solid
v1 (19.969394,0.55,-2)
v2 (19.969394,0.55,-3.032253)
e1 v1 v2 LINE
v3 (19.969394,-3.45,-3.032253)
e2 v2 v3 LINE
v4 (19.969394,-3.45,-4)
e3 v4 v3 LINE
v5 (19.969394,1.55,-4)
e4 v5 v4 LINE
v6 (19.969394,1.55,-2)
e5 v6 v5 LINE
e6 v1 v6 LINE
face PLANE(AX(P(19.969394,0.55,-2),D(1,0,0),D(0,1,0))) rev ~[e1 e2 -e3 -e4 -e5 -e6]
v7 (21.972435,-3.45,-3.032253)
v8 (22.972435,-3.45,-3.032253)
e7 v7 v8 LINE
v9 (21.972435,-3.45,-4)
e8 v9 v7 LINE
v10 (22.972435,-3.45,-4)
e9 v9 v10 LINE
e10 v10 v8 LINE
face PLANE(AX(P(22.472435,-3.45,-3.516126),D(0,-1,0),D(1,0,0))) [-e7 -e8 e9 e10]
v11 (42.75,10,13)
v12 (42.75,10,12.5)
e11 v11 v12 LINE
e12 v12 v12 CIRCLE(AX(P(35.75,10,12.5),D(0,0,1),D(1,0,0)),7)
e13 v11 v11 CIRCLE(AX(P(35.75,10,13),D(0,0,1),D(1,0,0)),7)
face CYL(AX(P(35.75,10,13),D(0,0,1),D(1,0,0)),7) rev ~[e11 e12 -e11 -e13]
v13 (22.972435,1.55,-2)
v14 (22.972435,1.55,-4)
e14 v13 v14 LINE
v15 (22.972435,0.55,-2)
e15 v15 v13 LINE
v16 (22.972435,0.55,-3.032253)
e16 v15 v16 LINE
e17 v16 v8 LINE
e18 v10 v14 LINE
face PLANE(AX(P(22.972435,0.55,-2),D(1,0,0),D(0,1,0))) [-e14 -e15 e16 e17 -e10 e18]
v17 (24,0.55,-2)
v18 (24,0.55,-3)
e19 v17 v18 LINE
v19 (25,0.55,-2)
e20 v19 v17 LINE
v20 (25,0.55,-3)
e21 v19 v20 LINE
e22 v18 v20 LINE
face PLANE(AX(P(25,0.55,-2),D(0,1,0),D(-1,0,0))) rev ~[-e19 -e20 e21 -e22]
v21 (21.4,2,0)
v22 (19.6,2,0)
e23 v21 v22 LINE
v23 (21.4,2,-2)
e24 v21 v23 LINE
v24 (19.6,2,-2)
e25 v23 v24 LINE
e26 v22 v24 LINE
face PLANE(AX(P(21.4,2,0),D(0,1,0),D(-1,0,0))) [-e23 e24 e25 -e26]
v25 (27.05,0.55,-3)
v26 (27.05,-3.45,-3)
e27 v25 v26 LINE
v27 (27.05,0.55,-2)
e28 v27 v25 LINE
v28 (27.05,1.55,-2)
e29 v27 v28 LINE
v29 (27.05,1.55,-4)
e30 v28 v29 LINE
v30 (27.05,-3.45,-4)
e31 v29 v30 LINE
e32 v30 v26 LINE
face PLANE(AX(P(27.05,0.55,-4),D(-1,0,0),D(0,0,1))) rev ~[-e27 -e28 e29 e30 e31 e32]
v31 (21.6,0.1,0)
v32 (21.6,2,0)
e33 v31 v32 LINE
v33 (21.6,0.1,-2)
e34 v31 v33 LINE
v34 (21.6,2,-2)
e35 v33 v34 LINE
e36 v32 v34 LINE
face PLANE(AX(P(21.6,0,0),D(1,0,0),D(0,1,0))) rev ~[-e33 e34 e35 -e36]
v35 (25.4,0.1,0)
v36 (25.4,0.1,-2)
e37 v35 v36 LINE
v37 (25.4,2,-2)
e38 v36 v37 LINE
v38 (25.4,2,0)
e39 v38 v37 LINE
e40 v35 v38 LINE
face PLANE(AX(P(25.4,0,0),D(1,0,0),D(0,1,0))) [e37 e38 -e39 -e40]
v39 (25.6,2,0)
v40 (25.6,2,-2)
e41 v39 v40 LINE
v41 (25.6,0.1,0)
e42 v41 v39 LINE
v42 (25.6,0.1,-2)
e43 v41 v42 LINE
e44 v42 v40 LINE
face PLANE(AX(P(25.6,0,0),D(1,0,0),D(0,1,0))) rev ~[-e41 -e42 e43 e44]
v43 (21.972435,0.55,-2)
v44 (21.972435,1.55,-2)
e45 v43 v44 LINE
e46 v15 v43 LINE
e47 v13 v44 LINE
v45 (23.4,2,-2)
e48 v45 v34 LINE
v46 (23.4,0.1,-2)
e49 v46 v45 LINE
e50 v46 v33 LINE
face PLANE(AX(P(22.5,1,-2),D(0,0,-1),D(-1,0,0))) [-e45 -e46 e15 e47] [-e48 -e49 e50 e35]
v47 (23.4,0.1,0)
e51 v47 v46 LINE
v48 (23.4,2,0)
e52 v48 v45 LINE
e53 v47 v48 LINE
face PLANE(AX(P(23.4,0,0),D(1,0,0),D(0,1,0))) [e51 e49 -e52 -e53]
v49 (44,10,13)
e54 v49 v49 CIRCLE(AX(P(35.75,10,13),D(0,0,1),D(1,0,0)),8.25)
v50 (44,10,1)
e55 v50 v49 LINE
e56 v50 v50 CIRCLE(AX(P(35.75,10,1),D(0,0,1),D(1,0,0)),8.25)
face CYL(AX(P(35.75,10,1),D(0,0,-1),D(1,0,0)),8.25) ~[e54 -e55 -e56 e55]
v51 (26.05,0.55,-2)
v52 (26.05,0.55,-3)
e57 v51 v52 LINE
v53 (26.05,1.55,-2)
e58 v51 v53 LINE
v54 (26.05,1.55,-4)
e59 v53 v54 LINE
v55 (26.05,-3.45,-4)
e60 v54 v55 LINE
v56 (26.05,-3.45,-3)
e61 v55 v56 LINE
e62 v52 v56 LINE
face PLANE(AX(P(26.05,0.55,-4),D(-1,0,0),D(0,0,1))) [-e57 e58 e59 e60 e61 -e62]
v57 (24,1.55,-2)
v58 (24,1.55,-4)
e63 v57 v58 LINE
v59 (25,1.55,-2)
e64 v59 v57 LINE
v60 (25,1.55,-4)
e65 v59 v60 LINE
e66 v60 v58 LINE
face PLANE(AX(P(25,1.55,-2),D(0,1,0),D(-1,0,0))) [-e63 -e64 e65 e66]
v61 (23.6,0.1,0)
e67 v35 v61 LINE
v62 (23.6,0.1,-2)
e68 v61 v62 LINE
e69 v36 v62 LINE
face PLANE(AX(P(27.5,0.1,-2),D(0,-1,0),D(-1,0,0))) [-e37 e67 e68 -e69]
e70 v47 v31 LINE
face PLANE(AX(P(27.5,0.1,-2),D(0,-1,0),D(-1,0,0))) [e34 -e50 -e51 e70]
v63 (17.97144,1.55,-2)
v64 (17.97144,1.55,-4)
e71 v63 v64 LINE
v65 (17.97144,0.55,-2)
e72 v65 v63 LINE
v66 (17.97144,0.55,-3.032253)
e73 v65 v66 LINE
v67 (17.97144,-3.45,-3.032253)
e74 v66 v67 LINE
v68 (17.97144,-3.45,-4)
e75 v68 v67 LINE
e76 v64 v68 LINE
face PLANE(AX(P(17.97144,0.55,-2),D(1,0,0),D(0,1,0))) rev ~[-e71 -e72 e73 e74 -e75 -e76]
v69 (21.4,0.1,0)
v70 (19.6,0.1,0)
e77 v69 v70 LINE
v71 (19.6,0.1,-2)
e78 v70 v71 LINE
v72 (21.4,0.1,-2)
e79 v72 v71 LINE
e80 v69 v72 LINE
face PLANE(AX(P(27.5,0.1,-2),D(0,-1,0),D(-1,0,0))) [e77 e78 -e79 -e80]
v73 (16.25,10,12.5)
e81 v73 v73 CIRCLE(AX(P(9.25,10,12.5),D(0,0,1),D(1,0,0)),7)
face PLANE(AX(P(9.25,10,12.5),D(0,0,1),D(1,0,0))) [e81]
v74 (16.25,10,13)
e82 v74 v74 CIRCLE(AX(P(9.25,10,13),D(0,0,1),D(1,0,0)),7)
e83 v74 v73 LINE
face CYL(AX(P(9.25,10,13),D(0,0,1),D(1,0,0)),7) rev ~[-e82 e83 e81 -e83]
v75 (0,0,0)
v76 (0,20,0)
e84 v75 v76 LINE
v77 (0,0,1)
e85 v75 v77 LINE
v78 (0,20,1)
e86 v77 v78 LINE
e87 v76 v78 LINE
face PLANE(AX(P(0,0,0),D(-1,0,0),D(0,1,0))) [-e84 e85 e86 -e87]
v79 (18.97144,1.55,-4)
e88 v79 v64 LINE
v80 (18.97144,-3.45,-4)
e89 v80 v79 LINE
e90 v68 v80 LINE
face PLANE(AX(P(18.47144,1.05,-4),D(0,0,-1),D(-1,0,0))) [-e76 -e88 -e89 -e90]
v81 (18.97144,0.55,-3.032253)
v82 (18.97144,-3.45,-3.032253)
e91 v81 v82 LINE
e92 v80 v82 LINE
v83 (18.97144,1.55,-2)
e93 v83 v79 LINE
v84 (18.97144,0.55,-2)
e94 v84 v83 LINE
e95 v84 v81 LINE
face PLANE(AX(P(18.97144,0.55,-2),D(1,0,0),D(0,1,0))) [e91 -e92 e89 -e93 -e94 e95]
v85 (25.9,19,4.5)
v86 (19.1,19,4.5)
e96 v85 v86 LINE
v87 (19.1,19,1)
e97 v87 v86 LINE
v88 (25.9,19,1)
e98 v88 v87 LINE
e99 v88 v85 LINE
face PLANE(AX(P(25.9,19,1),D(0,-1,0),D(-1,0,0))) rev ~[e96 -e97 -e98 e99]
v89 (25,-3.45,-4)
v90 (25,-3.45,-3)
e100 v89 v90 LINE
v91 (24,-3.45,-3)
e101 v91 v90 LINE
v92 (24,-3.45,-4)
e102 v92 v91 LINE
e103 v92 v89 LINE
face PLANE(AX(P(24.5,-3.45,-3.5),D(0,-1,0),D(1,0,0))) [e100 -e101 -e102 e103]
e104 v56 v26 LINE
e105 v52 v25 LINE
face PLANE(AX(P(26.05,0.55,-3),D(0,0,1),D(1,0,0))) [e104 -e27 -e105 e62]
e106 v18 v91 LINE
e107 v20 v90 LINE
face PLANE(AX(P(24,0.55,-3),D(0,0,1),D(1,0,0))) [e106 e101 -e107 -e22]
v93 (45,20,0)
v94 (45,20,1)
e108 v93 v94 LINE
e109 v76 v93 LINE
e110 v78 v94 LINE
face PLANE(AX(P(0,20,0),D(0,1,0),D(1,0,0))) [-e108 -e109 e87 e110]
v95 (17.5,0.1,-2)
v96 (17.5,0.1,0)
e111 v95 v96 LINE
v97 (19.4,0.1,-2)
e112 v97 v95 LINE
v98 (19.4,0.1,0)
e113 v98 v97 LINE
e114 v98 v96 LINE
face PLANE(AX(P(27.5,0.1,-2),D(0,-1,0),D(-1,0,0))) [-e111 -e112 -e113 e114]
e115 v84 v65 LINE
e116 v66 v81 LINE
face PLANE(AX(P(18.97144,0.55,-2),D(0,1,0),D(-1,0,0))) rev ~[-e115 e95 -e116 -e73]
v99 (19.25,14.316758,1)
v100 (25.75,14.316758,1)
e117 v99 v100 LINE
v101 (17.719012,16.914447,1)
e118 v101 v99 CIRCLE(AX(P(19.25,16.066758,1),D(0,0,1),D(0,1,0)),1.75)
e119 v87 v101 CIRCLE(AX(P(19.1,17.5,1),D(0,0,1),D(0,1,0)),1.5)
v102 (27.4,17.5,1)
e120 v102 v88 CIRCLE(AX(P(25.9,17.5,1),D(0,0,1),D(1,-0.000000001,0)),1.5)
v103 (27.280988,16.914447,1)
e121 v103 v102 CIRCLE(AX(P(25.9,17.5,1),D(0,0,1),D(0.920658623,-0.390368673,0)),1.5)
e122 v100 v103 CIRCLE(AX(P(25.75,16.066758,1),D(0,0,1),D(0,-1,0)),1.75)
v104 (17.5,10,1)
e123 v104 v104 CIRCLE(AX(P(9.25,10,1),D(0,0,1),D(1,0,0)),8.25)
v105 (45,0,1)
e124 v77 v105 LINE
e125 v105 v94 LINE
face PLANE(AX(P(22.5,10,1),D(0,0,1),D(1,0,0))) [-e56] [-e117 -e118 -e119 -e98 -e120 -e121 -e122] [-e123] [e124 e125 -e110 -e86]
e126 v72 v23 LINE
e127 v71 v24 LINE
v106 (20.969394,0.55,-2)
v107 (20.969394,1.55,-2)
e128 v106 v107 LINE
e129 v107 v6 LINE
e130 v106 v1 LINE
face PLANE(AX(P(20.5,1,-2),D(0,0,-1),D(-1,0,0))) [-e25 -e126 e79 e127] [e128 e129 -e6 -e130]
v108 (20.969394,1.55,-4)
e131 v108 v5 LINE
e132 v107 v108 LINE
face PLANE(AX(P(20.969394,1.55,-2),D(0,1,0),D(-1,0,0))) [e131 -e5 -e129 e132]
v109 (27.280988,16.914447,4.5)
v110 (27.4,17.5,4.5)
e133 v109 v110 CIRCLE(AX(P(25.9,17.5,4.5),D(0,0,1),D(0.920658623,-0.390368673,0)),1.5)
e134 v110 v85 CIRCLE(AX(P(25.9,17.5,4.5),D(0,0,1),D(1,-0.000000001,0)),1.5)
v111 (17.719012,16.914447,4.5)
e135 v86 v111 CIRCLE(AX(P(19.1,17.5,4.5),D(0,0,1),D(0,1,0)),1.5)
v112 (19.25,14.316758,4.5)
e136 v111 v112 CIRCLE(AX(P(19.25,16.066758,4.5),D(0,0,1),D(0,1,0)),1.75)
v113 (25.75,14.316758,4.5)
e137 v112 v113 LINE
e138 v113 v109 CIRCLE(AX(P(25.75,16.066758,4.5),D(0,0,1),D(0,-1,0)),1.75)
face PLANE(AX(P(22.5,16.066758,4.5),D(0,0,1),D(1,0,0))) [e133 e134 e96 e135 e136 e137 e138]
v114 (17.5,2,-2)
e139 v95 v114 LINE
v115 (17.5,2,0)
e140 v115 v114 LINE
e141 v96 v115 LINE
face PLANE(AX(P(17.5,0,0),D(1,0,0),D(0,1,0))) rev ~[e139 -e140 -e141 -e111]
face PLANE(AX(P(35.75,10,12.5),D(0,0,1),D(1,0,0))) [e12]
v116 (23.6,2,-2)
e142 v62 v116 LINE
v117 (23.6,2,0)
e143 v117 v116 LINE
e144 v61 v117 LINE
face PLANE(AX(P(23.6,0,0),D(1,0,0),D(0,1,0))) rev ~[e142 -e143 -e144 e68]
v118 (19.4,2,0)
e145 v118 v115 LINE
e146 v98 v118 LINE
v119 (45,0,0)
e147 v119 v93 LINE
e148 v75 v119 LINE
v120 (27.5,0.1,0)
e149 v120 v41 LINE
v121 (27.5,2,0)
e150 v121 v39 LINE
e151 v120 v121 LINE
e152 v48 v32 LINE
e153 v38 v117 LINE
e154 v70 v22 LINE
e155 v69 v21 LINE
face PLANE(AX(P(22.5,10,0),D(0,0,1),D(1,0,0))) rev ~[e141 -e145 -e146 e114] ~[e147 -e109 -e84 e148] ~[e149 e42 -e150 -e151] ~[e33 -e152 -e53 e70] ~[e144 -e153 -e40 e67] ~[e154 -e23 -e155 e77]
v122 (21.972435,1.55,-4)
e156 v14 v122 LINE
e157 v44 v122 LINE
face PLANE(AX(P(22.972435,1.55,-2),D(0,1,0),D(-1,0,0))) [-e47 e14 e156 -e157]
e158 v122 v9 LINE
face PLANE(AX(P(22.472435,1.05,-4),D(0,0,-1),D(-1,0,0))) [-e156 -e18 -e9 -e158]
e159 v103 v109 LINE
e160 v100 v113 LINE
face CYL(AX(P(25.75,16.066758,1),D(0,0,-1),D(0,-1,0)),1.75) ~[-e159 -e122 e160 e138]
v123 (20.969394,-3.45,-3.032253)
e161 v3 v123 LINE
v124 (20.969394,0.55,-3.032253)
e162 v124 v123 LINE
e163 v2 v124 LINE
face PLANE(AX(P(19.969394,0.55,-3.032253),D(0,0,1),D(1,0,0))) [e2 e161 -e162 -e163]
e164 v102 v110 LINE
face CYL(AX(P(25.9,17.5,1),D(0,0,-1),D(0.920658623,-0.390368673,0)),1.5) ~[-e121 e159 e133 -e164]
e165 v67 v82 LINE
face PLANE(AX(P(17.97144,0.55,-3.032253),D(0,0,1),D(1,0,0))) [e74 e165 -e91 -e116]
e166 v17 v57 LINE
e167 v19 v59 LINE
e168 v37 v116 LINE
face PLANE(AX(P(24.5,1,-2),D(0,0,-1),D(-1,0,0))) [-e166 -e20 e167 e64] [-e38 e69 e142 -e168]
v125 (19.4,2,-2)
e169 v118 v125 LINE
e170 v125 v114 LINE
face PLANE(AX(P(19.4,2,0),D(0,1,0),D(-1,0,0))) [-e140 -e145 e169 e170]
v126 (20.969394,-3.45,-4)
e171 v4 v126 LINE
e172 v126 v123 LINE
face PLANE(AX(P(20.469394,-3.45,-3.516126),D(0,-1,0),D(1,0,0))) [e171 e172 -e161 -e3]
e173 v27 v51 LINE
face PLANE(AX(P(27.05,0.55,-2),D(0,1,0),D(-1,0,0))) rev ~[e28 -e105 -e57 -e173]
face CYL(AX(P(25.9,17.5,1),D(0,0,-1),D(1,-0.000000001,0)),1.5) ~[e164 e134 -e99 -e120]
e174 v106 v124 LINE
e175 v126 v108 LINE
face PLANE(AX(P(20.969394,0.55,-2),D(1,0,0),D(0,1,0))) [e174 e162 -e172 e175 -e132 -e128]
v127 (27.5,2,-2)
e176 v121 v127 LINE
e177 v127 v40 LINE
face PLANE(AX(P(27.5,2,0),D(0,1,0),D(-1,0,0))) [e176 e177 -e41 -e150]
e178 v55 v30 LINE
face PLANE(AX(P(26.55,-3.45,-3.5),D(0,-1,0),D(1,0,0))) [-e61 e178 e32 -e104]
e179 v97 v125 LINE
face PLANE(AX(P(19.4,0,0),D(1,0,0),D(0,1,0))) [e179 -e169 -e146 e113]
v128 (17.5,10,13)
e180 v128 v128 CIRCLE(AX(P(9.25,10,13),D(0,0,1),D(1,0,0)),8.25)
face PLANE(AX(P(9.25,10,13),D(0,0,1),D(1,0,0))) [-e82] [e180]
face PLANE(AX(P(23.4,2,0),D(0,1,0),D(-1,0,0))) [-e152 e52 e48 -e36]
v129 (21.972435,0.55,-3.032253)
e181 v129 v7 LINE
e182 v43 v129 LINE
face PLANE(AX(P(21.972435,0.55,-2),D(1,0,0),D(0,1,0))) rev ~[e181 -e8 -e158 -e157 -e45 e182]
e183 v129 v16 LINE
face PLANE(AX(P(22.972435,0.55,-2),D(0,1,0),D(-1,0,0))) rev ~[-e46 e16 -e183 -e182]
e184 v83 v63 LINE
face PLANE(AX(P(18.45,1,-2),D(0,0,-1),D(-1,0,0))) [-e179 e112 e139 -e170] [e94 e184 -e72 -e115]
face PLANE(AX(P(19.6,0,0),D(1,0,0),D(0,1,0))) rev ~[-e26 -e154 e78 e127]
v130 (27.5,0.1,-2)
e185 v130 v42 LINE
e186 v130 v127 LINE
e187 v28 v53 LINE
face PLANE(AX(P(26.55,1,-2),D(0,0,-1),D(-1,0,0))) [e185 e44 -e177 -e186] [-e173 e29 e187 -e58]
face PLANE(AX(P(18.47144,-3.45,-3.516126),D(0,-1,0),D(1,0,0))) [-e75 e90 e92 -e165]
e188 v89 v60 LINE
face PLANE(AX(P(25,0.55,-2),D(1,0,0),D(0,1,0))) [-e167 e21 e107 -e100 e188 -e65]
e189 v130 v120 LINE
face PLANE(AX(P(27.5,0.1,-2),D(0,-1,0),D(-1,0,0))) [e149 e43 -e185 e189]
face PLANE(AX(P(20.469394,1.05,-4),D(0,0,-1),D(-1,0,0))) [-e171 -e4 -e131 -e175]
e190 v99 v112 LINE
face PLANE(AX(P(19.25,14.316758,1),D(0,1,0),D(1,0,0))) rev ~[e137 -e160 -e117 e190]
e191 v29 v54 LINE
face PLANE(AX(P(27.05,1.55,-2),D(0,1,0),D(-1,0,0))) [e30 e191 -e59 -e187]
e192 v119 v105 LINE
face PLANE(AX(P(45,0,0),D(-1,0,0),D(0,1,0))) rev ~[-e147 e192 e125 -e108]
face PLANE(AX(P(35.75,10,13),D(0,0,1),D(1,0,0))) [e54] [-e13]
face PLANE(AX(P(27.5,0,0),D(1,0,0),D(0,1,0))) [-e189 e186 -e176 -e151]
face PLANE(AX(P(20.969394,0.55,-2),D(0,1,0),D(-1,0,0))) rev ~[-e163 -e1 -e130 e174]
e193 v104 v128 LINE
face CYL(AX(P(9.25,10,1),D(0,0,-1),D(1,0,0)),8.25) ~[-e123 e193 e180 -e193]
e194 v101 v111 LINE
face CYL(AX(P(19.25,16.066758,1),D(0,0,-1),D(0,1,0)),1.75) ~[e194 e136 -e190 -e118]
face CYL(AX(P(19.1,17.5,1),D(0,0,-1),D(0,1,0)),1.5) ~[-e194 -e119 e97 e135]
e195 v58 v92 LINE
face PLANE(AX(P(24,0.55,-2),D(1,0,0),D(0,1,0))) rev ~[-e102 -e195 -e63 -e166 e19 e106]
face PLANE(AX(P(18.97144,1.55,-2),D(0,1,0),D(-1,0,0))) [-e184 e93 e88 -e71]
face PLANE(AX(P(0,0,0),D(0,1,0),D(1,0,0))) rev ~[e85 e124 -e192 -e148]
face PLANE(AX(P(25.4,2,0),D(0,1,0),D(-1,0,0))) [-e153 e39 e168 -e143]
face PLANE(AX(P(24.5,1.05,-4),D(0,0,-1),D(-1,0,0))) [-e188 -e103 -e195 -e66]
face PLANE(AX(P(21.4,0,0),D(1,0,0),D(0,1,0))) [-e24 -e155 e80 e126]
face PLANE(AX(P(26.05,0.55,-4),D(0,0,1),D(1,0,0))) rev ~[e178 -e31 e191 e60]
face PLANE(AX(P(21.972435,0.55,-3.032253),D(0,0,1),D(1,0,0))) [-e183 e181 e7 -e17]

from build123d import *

# Parameters (mm, degrees)
ESBO_O1_W                = 45
ESBO_O1_H                = 20
RESSALTO_EXTRUS_O1_DEPTH = 1
ESBO_O2_R                = 8.25
RESSALTO_EXTRUS_O2_DEPTH = 12
ESBO_O3_R                = 7
CORTE_EXTRUS_O1_DEPTH    = 0.5
RESSALTO_EXTRUS_O5_DEPTH = 3.5
ESBO_O7_W                = 1.9
ESBO_O7_H                = 2
ESBO_O7_W_2              = 1.8
RESSALTO_EXTRUS_O6_DEPTH = 2
ESBO_O9_W                = 10
ESBO_O9_H                = 0.1
CORTE_EXTRUS_O2_DEPTH    = 2
ESBO_O10_W               = 1
ESBO_O10_H               = 1
RESSALTO_EXTRUS_O7_DEPTH = 2
ESBO_O11_W               = 1
ESBO_O11_H               = 1
ESBO_O11_H_2             = 0.967747288
RESSALTO_EXTRUS_O8_DEPTH = 4
RESSALTO_EXTRUS_O3_DEPTH = 3.5


with BuildPart() as part:
    # Esboço1 → Ressalto-extrusão1 (new body)
    with BuildSketch(Plane.XY):
        with Locations((22.5, 10)):
            Rectangle(ESBO_O1_W, ESBO_O1_H)
    extrude(amount=RESSALTO_EXTRUS_O1_DEPTH)

    # Esboço2 → Ressalto-extrusão2 (add)
    with BuildSketch(Plane.XY.offset(1)):
        with Locations((9.25, 10)):
            Circle(ESBO_O2_R)
        with Locations((35.75, 10)):
            Circle(ESBO_O2_R)
    extrude(amount=RESSALTO_EXTRUS_O2_DEPTH)

    # Esboço3 → Corte-extrusão1 (cut)
    with BuildSketch(Plane.XY.offset(13)):
        with Locations((9.25, 10)):
            Circle(ESBO_O3_R)
        with Locations((35.75, 10)):
            Circle(ESBO_O3_R)
    extrude(amount=-CORTE_EXTRUS_O1_DEPTH, mode=Mode.SUBTRACT)

    # Esboço6 → Ressalto-extrusão5 (add)
    with BuildSketch(Plane.XY.offset(1)):
        with BuildLine():
            Line((25.75, 17.816758405), (19.25, 17.816758405))
            ThreePointArc((19.25, 17.816758405), (17.5, 16.066758405), (19.25, 14.316758405))
            Line((19.25, 14.316758405), (25.75, 14.316758405))
            ThreePointArc((25.75, 14.316758405), (27.5, 16.066758405), (25.75, 17.816758405))
        make_face()
    extrude(amount=RESSALTO_EXTRUS_O5_DEPTH)

    # Esboço7 → Ressalto-extrusão6 (add)
    with BuildSketch(Plane(origin=(0, 0, 0), x_dir=(-1, 0, 0), z_dir=(0, 0, -1))):
        with Locations((-26.55, 1)):
            Rectangle(ESBO_O7_W, ESBO_O7_H)
        with Locations((-24.5, 1)):
            Rectangle(ESBO_O7_W_2, ESBO_O7_H)
        with Locations((-22.5, 1)):
            Rectangle(ESBO_O7_W_2, ESBO_O7_H)
        with Locations((-20.5, 1)):
            Rectangle(ESBO_O7_W_2, ESBO_O7_H)
        with Locations((-18.45, 1)):
            Rectangle(ESBO_O7_W, ESBO_O7_H)
    extrude(amount=RESSALTO_EXTRUS_O6_DEPTH)

    # Esboço9 → Corte-extrusão2 (cut)
    with BuildSketch(Plane(origin=(0, 0, -2), x_dir=(-1, 0, 0), z_dir=(0, 0, -1))):
        with Locations((-22.5, 0.05)):
            Rectangle(ESBO_O9_W, ESBO_O9_H)
    extrude(amount=-CORTE_EXTRUS_O2_DEPTH, mode=Mode.SUBTRACT)

    # Esboço10 → Ressalto-extrusão7 (add)
    with BuildSketch(Plane(origin=(0, 0, -2), x_dir=(-1, 0, 0), z_dir=(0, 0, -1))):
        with Locations((-24.5, 1.05)):
            Rectangle(ESBO_O10_W, ESBO_O10_H)
        with Locations((-26.55, 1.05)):
            Rectangle(ESBO_O10_W, ESBO_O10_H)
        with Locations((-22.472435469, 1.05)):
            Rectangle(ESBO_O10_W, ESBO_O10_H)
        with Locations((-20.46939422, 1.05)):
            Rectangle(ESBO_O10_W, ESBO_O10_H)
        with Locations((-18.471440092, 1.05)):
            Rectangle(ESBO_O10_W, ESBO_O10_H)
    extrude(amount=RESSALTO_EXTRUS_O7_DEPTH)

    # Esboço11 → Ressalto-extrusão8 (add)
    with BuildSketch(Plane.XZ.offset(-0.55)):
        with Locations((26.55, -3.5)):
            Rectangle(ESBO_O11_W, ESBO_O11_H)
        with Locations((24.5, -3.5)):
            Rectangle(ESBO_O11_W, ESBO_O11_H)
        with Locations((22.472435469, -3.516126356)):
            Rectangle(ESBO_O11_W, ESBO_O11_H_2)
        with Locations((20.46939422, -3.516126356)):
            Rectangle(ESBO_O11_W, ESBO_O11_H_2)
        with Locations((18.471440092, -3.516126356)):
            Rectangle(ESBO_O11_W, ESBO_O11_H_2)
    extrude(amount=RESSALTO_EXTRUS_O8_DEPTH)

    # Esboço4 → Ressalto-extrusão3 (add)
    with BuildSketch(Plane.XY.offset(1)):
        with BuildLine():
            ThreePointArc((20.566173289, 17.816758405), (20.042035666, 18.667291225), (19.1, 19))
            ThreePointArc((19.1, 19), (17.849334275, 18.328151704), (17.719012065, 16.914446994))
            ThreePointArc((17.719012065, 16.914446994), (18.361449222, 17.574398122), (19.25, 17.816758405))
            Line((19.25, 17.816758405), (20.566173289, 17.816758405))
        make_face()
        with BuildLine():
            ThreePointArc((20.6, 17.5), (20.591519348, 17.659279733), (20.566173289, 17.816758405))
            Line((20.566173289, 17.816758405), (19.25, 17.816758405))
            ThreePointArc((19.25, 17.816758405), (18.361449222, 17.574398122), (17.719012065, 16.914446994))
            ThreePointArc((17.719012065, 16.914446994), (18.271848296, 16.249334275), (19.1, 16))
            ThreePointArc((19.1, 16), (20.160660172, 16.439339828), (20.6, 17.5))
        make_face()
        with BuildLine():
            Line((25.9, 19), (19.1, 19))
            ThreePointArc((19.1, 19), (20.042035666, 18.667291225), (20.566173289, 17.816758405))
            Line((20.566173289, 17.816758405), (24.433826711, 17.816758405))
            ThreePointArc((24.433826711, 17.816758405), (24.957964334, 18.667291225), (25.9, 19))
        make_face()
        with BuildLine():
            ThreePointArc((27.4, 17.5), (26.960660172, 18.560660172), (25.9, 19))
            ThreePointArc((25.9, 19), (24.957964334, 18.667291225), (24.433826711, 17.816758405))
            Line((24.433826711, 17.816758405), (25.75, 17.816758405))
            ThreePointArc((25.75, 17.816758405), (26.638550778, 17.574398122), (27.280987935, 16.914446994))
            ThreePointArc((27.280987935, 16.914446994), (27.369945901, 17.201237471), (27.4, 17.5))
        make_face()
        with BuildLine():
            Line((25.75, 17.816758405), (24.433826711, 17.816758405))
            ThreePointArc((24.433826711, 17.816758405), (24.732708775, 16.557964334), (25.9, 16))
            ThreePointArc((25.9, 16), (26.728151704, 16.249334275), (27.280987935, 16.914446994))
            ThreePointArc((27.280987935, 16.914446994), (26.638550778, 17.574398122), (25.75, 17.816758405))
        make_face()
        with BuildLine():
            Line((24.433826711, 17.816758405), (20.566173289, 17.816758405))
            ThreePointArc((20.566173289, 17.816758405), (20.591519348, 17.659279733), (20.6, 17.5))
            ThreePointArc((20.6, 17.5), (20.160660172, 16.439339828), (19.1, 16))
            Line((19.1, 16), (25.9, 16))
            ThreePointArc((25.9, 16), (24.732708775, 16.557964334), (24.433826711, 17.816758405))
        make_face()
    extrude(amount=RESSALTO_EXTRUS_O3_DEPTH)


solid = part.part
